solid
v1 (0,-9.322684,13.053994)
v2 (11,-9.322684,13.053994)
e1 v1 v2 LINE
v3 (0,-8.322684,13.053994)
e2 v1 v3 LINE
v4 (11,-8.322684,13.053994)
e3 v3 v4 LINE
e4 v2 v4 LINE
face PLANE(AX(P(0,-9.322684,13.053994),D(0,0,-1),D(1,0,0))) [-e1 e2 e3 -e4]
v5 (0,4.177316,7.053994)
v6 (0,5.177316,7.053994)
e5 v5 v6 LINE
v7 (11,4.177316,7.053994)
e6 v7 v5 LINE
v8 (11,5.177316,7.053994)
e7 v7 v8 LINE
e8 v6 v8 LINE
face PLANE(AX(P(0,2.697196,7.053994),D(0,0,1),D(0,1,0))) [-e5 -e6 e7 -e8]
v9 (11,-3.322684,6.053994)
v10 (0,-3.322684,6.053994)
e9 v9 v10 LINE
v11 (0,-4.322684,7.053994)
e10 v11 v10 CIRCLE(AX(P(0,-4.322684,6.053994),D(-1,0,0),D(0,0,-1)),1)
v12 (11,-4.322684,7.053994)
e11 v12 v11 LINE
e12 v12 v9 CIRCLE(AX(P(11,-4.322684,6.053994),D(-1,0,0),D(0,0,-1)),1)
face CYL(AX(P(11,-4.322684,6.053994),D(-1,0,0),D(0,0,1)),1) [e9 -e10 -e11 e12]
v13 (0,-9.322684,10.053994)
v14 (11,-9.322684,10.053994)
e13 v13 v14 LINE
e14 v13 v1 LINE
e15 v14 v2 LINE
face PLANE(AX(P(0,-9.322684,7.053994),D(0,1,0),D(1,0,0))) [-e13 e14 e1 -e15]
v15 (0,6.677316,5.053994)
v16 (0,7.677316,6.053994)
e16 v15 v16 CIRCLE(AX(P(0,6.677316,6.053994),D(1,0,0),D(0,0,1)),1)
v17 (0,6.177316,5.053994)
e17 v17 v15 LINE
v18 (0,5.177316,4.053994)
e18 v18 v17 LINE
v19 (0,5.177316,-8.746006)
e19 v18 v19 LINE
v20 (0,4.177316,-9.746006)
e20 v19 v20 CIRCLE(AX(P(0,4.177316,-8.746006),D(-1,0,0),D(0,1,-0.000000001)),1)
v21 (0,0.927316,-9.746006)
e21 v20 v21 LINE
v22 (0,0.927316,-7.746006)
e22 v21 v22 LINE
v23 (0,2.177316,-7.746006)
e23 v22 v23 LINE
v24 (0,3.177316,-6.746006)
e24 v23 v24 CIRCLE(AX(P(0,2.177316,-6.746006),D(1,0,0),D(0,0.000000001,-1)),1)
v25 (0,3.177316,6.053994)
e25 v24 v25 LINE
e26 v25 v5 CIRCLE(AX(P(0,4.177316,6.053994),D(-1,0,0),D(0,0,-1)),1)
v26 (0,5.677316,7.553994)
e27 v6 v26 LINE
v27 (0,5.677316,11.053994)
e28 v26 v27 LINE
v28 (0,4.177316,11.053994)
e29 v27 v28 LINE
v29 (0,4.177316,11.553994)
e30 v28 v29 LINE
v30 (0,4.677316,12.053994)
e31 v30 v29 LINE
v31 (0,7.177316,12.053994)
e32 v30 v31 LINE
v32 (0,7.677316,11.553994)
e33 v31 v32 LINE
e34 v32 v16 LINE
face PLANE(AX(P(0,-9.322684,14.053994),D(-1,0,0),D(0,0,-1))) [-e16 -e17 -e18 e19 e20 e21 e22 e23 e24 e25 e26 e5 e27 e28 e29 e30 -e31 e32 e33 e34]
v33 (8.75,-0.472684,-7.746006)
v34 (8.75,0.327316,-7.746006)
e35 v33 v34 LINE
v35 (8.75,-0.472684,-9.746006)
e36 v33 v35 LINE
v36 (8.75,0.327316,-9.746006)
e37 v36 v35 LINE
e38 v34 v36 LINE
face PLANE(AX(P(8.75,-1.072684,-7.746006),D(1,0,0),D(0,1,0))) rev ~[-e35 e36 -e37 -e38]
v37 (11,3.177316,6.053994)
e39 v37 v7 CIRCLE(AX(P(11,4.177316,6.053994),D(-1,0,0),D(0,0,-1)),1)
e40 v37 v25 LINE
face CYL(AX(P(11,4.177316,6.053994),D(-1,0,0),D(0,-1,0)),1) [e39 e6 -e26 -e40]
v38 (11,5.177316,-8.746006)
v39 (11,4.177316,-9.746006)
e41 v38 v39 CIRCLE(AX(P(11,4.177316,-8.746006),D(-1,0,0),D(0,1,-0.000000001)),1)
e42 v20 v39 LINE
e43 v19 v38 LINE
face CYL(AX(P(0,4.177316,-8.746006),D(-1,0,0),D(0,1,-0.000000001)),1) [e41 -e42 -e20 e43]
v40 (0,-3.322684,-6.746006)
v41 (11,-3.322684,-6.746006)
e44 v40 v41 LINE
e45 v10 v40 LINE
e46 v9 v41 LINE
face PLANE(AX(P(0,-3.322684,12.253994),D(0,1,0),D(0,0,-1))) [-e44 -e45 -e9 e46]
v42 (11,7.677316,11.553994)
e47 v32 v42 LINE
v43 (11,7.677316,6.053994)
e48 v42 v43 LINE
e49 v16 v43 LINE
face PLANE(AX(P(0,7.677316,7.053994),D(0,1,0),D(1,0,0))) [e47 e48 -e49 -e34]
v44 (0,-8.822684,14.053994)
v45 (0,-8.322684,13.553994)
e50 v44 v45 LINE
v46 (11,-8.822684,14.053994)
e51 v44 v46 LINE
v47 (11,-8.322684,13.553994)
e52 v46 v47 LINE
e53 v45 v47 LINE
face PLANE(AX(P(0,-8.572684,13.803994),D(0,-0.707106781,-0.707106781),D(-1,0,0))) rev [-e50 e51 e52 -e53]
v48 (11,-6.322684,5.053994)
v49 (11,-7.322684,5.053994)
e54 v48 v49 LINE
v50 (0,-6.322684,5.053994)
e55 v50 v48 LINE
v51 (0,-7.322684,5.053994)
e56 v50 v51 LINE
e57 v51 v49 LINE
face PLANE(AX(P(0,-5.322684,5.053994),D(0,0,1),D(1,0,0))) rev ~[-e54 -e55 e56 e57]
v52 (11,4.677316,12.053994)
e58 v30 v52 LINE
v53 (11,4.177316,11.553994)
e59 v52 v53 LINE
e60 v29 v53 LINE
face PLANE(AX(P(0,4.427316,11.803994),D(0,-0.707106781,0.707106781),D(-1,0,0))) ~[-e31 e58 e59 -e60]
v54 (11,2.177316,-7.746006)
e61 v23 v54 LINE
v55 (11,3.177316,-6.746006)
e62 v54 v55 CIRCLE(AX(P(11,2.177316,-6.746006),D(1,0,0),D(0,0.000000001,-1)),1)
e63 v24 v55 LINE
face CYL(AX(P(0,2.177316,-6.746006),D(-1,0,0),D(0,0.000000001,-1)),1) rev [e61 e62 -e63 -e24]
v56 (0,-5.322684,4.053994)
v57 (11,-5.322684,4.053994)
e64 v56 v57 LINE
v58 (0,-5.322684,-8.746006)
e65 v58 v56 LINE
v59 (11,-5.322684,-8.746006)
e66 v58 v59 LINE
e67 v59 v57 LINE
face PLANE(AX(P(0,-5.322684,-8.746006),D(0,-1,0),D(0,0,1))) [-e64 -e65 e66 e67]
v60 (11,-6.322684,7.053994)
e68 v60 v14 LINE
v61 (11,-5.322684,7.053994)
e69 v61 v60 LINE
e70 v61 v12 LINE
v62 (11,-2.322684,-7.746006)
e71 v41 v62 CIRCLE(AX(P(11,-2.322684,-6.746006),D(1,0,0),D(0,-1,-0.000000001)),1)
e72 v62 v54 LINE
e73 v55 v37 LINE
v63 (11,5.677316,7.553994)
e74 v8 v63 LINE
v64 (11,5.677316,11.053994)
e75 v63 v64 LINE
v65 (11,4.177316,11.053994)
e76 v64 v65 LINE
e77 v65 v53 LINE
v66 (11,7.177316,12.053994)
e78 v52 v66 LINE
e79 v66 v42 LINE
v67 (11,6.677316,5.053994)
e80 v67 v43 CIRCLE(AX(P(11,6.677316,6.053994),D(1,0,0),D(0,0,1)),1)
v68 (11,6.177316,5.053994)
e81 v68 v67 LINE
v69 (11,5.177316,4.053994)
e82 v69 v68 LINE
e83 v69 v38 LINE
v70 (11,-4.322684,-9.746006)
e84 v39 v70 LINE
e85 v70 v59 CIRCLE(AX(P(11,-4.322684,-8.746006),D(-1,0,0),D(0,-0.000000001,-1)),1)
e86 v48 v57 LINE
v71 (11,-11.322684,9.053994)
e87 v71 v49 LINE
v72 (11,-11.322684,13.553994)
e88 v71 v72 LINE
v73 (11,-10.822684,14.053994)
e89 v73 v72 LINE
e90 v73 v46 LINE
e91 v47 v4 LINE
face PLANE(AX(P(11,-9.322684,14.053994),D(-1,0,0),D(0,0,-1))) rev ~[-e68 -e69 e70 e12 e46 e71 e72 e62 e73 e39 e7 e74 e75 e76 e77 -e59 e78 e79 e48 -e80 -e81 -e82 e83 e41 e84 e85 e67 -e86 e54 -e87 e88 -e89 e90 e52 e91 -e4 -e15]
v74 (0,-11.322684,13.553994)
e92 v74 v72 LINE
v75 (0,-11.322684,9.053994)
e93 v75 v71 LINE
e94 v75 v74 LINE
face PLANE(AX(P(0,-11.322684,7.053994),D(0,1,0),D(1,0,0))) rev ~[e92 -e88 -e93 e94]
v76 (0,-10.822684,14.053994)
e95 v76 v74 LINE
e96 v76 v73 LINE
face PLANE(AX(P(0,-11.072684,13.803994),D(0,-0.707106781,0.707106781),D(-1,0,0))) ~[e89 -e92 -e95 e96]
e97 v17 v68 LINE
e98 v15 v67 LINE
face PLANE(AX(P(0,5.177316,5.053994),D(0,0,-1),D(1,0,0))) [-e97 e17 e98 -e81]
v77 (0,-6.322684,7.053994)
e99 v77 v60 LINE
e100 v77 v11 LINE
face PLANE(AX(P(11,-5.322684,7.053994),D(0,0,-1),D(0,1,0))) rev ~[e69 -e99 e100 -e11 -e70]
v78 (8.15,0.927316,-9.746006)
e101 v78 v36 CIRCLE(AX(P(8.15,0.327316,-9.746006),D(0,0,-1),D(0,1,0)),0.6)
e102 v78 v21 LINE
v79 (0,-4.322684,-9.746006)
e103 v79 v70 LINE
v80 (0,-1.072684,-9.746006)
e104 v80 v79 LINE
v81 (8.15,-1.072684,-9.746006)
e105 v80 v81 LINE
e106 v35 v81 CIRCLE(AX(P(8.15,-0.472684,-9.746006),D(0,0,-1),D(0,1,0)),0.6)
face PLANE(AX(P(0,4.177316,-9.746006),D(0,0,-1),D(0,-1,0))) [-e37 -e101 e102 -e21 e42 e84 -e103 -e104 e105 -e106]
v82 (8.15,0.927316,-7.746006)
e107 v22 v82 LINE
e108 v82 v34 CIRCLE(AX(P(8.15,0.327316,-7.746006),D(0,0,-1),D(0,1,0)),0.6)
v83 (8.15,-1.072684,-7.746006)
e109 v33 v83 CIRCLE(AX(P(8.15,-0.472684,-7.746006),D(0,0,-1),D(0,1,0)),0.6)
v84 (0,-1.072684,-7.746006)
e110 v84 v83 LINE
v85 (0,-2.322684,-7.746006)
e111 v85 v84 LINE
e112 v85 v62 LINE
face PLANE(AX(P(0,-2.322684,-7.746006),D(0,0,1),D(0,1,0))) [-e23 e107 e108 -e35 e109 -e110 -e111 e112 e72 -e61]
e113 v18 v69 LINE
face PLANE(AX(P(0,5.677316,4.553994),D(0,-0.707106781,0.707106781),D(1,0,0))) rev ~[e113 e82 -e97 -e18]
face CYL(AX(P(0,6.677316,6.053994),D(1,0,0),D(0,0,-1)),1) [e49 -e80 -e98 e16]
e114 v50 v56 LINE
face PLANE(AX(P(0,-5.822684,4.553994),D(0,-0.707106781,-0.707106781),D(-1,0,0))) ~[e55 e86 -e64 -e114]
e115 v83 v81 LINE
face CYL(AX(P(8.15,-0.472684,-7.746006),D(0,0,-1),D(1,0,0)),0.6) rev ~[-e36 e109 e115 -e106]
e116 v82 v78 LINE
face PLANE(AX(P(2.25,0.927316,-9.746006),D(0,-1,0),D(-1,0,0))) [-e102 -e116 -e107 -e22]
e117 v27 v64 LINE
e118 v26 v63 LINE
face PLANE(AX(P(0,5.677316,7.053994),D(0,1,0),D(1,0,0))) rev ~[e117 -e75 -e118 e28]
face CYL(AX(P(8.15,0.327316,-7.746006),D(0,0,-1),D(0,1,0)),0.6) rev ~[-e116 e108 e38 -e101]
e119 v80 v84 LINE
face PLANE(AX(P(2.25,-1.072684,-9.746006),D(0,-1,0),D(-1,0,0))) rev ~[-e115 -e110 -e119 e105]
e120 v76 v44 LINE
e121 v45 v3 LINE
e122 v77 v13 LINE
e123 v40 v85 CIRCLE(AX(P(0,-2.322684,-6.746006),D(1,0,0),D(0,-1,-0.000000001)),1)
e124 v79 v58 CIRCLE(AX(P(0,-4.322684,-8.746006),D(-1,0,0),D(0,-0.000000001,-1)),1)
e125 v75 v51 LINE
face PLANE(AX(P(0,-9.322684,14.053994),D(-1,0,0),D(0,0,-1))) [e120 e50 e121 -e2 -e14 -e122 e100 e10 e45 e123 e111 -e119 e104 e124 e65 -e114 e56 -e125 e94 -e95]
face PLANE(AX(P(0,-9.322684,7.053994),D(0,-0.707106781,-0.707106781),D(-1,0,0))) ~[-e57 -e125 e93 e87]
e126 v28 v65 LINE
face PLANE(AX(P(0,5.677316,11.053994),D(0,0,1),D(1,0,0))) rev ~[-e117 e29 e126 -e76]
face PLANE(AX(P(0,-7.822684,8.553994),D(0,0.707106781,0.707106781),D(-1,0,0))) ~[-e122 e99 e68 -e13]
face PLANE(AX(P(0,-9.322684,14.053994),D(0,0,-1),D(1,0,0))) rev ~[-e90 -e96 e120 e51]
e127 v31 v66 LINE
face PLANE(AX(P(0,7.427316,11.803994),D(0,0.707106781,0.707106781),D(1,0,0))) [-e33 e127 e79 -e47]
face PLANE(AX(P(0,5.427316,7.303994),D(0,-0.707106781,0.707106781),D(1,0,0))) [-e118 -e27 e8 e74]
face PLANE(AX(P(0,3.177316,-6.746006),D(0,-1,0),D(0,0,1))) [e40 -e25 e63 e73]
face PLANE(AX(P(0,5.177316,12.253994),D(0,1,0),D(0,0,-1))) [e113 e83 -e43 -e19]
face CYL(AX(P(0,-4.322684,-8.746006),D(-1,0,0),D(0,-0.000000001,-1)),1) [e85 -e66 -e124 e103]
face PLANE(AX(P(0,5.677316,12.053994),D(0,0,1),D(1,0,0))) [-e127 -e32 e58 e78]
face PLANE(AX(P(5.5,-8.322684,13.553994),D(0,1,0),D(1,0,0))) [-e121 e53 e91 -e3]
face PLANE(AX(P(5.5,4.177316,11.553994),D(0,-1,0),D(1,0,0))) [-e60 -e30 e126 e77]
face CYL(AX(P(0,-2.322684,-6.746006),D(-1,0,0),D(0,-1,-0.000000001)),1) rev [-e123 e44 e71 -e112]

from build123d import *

# Parameters (mm, degrees)
BOSS_EXTRUDE1_DEPTH = 11
SKETCH2_W           = 6.5
SKETCH2_H           = 2
CUT_EXTRUDE1_DEPTH  = 11
SKETCH3_W           = 11
SKETCH3_H           = 2
BOSS_EXTRUDE2_DEPTH = 2.5
SKETCH4_W           = 7.103618525
SKETCH4_H           = 2.480120743
CUT_EXTRUDE2_DEPTH  = 32.5
SKETCH5_W           = 11
SKETCH5_H           = 2
BOSS_EXTRUDE3_DEPTH = 5
SKETCH6_W           = 11
SKETCH6_H           = 1
BOSS_EXTRUDE4_DEPTH = 1.5
CHAMFER1_SIZE       = 0.5
SKETCH7_W           = 11
SKETCH7_H           = 2
BOSS_EXTRUDE5_DEPTH = 6
SKETCH8_W           = 9.245207015
SKETCH8_H           = 4.24468792
CUT_EXTRUDE3_DEPTH  = 26
SKETCH9_W           = 11
SKETCH9_H           = 2
BOSS_EXTRUDE6_DEPTH = 7
SKETCH10_W          = 11
SKETCH10_H          = 1
BOSS_EXTRUDE7_DEPTH = 1
CHAMFER2_SIZE       = 0.5
FILLET1_R           = 1
CHAMFER3_SIZE       = 0.5
CHAMFER4_SIZE       = 1
SKETCH11_W          = 2.25
SKETCH11_H          = 2
CUT_EXTRUDE4_DEPTH  = 10
FILLET2_R           = 0.6
CHAMFER5_SIZE       = 3
CHAMFER6_SIZE       = 4
CHAMFER7_SIZE       = 0.5


with BuildPart() as part:
    # Sketch1 → Boss-Extrude1 (new body)
    with BuildSketch(Plane(origin=(0, 0, 0), x_dir=(0, 0, -1), z_dir=(1, 0, 0))):
        with BuildLine():
            Line((-12.25399361, 3.177316294), (-12.25399361, 5.177316294))
            Line((-12.25399361, 5.177316294), (8.74600639, 5.177316294))
            ThreePointArc((8.74600639, 5.177316294), (9.453113171, 4.884423075), (9.74600639, 4.177316294))
            Line((9.74600639, 4.177316294), (9.74600639, -4.322683706))
            ThreePointArc((9.74600639, -4.322683706), (9.453113171, -5.029790487), (8.74600639, -5.322683706))
            Line((8.74600639, -5.322683706), (-12.25399361, -5.322683706))
            Line((-12.25399361, -5.322683706), (-12.25399361, -3.322683706))
            Line((-12.25399361, -3.322683706), (6.74600639, -3.322683706))
            ThreePointArc((6.74600639, -3.322683706), (7.453113171, -3.029790487), (7.74600639, -2.322683706))
            Line((7.74600639, -2.322683706), (7.74600639, 2.177316294))
            ThreePointArc((7.74600639, 2.177316294), (7.453113171, 2.884423075), (6.74600639, 3.177316294))
            Line((6.74600639, 3.177316294), (-12.25399361, 3.177316294))
        make_face()
    extrude(amount=BOSS_EXTRUDE1_DEPTH)

    # Sketch2 → Cut-Extrude1 (cut)
    with BuildSketch(Plane.XY.offset(-7.74600639)):
        with Locations((5.5, -0.072683706)):
            Rectangle(SKETCH2_W, SKETCH2_H)
    extrude(amount=-CUT_EXTRUDE1_DEPTH, mode=Mode.SUBTRACT)

    # Sketch3 → Boss-Extrude2 (add)
    with BuildSketch(Plane(origin=(0, 5.177316294, 0), x_dir=(1, 0, 0), z_dir=(0, 1, 0))):
        with Locations((5.5, -6.05399361)):
            Rectangle(SKETCH3_W, SKETCH3_H)
    extrude(amount=BOSS_EXTRUDE2_DEPTH)

    # Sketch4 → Cut-Extrude2 (cut)
    with BuildSketch(Plane.ZY):
        with Locations((10.605802872, 3.937255923)):
            Rectangle(SKETCH4_W, SKETCH4_H)
    extrude(amount=-CUT_EXTRUDE2_DEPTH, mode=Mode.SUBTRACT)

    # Sketch5 → Boss-Extrude3 (add)
    with BuildSketch(Plane.XY.offset(7.05399361)):
        with Locations((5.5, 6.677316294)):
            Rectangle(SKETCH5_W, SKETCH5_H)
    extrude(amount=BOSS_EXTRUDE3_DEPTH)

    # Sketch6 → Boss-Extrude4 (add)
    with BuildSketch(Plane.XZ.offset(-5.677316294)):
        with Locations((5.5, 11.55399361)):
            Rectangle(SKETCH6_W, SKETCH6_H)
    extrude(amount=BOSS_EXTRUDE4_DEPTH)

    # Chamfer1
    chamfer1_edges = [part.edges().sort_by_distance(p)[0] for p in [
        (5.5, 4.177316294, 12.05399361),
    ]]
    chamfer(chamfer1_edges, length=CHAMFER1_SIZE)

    # Sketch7 → Boss-Extrude5 (add)
    with BuildSketch(Plane.XZ.offset(5.322683706)):
        with Locations((5.5, 6.05399361)):
            Rectangle(SKETCH7_W, SKETCH7_H)
    extrude(amount=BOSS_EXTRUDE5_DEPTH)

    # Sketch8 → Cut-Extrude3 (cut)
    with BuildSketch(Plane(origin=(11, 0, 0), x_dir=(0, 0, -1), z_dir=(1, 0, 0))):
        with Locations((-11.676597118, -3.200339746)):
            Rectangle(SKETCH8_W, SKETCH8_H)
    extrude(amount=-CUT_EXTRUDE3_DEPTH, mode=Mode.SUBTRACT)

    # Sketch9 → Boss-Extrude6 (add)
    with BuildSketch(Plane.XY.offset(7.05399361)):
        with Locations((5.5, -10.322683706)):
            Rectangle(SKETCH9_W, SKETCH9_H)
    extrude(amount=BOSS_EXTRUDE6_DEPTH)

    # Sketch10 → Boss-Extrude7 (add)
    with BuildSketch(Plane(origin=(0, -9.322683706, 0), x_dir=(1, 0, 0), z_dir=(0, 1, 0))):
        with Locations((5.5, -13.55399361)):
            Rectangle(SKETCH10_W, SKETCH10_H)
    extrude(amount=BOSS_EXTRUDE7_DEPTH)

    # Chamfer2
    chamfer2_edges = [part.edges().sort_by_distance(p)[0] for p in [
        (5.5, -8.322683706, 14.05399361),
    ]]
    chamfer(chamfer2_edges, length=CHAMFER2_SIZE)

    # Fillet1
    fillet1_edges = [part.edges().sort_by_distance(p)[0] for p in [
        (5.5, -3.322683706, 7.05399361),
        (5.5, 7.677316294, 5.05399361),
        (5.5, 3.177316294, 7.05399361),
    ]]
    fillet(fillet1_edges, radius=FILLET1_R)

    # Chamfer3
    chamfer3_edges = [part.edges().sort_by_distance(p)[0] for p in [
        (5.5, -11.322683706, 14.05399361),
        (5.5, 7.677316294, 12.05399361),
    ]]
    chamfer(chamfer3_edges, length=CHAMFER3_SIZE)

    # Chamfer4
    chamfer4_edges = [part.edges().sort_by_distance(p)[0] for p in [
        (5.5, -5.322683706, 5.05399361),
        (5.5, 5.177316294, 5.05399361),
    ]]
    chamfer(chamfer4_edges, length=CHAMFER4_SIZE)

    # Sketch11 → Cut-Extrude4 (cut)
    with BuildSketch(Plane(origin=(0, 0, -9.74600639), x_dir=(-1, 0, 0), z_dir=(0, 0, -1))):
        with Locations((-1.125, -0.072683706)):
            Rectangle(SKETCH11_W, SKETCH11_H)
    extrude(amount=-CUT_EXTRUDE4_DEPTH, mode=Mode.SUBTRACT)

    # Fillet2
    fillet2_edges = [part.edges().sort_by_distance(p)[0] for p in [
        (8.75, 0.927316294, -8.74600639),
        (8.75, -1.072683706, -8.74600639),
    ]]
    fillet(fillet2_edges, radius=FILLET2_R)

    # Chamfer5
    chamfer5_edges = [part.edges().sort_by_distance(p)[0] for p in [
        (5.5, -9.322683706, 7.05399361),
    ]]
    chamfer(chamfer5_edges, length=CHAMFER5_SIZE)

    # Chamfer6
    chamfer6_edges = [part.edges().sort_by_distance(p)[0] for p in [
        (5.5, -11.322683706, 5.05399361),
    ]]
    chamfer(chamfer6_edges, length=CHAMFER6_SIZE)

    # Chamfer7
    chamfer7_edges = [part.edges().sort_by_distance(p)[0] for p in [
        (5.5, 5.677316294, 7.05399361),
    ]]
    chamfer(chamfer7_edges, length=CHAMFER7_SIZE)


solid = part.part
